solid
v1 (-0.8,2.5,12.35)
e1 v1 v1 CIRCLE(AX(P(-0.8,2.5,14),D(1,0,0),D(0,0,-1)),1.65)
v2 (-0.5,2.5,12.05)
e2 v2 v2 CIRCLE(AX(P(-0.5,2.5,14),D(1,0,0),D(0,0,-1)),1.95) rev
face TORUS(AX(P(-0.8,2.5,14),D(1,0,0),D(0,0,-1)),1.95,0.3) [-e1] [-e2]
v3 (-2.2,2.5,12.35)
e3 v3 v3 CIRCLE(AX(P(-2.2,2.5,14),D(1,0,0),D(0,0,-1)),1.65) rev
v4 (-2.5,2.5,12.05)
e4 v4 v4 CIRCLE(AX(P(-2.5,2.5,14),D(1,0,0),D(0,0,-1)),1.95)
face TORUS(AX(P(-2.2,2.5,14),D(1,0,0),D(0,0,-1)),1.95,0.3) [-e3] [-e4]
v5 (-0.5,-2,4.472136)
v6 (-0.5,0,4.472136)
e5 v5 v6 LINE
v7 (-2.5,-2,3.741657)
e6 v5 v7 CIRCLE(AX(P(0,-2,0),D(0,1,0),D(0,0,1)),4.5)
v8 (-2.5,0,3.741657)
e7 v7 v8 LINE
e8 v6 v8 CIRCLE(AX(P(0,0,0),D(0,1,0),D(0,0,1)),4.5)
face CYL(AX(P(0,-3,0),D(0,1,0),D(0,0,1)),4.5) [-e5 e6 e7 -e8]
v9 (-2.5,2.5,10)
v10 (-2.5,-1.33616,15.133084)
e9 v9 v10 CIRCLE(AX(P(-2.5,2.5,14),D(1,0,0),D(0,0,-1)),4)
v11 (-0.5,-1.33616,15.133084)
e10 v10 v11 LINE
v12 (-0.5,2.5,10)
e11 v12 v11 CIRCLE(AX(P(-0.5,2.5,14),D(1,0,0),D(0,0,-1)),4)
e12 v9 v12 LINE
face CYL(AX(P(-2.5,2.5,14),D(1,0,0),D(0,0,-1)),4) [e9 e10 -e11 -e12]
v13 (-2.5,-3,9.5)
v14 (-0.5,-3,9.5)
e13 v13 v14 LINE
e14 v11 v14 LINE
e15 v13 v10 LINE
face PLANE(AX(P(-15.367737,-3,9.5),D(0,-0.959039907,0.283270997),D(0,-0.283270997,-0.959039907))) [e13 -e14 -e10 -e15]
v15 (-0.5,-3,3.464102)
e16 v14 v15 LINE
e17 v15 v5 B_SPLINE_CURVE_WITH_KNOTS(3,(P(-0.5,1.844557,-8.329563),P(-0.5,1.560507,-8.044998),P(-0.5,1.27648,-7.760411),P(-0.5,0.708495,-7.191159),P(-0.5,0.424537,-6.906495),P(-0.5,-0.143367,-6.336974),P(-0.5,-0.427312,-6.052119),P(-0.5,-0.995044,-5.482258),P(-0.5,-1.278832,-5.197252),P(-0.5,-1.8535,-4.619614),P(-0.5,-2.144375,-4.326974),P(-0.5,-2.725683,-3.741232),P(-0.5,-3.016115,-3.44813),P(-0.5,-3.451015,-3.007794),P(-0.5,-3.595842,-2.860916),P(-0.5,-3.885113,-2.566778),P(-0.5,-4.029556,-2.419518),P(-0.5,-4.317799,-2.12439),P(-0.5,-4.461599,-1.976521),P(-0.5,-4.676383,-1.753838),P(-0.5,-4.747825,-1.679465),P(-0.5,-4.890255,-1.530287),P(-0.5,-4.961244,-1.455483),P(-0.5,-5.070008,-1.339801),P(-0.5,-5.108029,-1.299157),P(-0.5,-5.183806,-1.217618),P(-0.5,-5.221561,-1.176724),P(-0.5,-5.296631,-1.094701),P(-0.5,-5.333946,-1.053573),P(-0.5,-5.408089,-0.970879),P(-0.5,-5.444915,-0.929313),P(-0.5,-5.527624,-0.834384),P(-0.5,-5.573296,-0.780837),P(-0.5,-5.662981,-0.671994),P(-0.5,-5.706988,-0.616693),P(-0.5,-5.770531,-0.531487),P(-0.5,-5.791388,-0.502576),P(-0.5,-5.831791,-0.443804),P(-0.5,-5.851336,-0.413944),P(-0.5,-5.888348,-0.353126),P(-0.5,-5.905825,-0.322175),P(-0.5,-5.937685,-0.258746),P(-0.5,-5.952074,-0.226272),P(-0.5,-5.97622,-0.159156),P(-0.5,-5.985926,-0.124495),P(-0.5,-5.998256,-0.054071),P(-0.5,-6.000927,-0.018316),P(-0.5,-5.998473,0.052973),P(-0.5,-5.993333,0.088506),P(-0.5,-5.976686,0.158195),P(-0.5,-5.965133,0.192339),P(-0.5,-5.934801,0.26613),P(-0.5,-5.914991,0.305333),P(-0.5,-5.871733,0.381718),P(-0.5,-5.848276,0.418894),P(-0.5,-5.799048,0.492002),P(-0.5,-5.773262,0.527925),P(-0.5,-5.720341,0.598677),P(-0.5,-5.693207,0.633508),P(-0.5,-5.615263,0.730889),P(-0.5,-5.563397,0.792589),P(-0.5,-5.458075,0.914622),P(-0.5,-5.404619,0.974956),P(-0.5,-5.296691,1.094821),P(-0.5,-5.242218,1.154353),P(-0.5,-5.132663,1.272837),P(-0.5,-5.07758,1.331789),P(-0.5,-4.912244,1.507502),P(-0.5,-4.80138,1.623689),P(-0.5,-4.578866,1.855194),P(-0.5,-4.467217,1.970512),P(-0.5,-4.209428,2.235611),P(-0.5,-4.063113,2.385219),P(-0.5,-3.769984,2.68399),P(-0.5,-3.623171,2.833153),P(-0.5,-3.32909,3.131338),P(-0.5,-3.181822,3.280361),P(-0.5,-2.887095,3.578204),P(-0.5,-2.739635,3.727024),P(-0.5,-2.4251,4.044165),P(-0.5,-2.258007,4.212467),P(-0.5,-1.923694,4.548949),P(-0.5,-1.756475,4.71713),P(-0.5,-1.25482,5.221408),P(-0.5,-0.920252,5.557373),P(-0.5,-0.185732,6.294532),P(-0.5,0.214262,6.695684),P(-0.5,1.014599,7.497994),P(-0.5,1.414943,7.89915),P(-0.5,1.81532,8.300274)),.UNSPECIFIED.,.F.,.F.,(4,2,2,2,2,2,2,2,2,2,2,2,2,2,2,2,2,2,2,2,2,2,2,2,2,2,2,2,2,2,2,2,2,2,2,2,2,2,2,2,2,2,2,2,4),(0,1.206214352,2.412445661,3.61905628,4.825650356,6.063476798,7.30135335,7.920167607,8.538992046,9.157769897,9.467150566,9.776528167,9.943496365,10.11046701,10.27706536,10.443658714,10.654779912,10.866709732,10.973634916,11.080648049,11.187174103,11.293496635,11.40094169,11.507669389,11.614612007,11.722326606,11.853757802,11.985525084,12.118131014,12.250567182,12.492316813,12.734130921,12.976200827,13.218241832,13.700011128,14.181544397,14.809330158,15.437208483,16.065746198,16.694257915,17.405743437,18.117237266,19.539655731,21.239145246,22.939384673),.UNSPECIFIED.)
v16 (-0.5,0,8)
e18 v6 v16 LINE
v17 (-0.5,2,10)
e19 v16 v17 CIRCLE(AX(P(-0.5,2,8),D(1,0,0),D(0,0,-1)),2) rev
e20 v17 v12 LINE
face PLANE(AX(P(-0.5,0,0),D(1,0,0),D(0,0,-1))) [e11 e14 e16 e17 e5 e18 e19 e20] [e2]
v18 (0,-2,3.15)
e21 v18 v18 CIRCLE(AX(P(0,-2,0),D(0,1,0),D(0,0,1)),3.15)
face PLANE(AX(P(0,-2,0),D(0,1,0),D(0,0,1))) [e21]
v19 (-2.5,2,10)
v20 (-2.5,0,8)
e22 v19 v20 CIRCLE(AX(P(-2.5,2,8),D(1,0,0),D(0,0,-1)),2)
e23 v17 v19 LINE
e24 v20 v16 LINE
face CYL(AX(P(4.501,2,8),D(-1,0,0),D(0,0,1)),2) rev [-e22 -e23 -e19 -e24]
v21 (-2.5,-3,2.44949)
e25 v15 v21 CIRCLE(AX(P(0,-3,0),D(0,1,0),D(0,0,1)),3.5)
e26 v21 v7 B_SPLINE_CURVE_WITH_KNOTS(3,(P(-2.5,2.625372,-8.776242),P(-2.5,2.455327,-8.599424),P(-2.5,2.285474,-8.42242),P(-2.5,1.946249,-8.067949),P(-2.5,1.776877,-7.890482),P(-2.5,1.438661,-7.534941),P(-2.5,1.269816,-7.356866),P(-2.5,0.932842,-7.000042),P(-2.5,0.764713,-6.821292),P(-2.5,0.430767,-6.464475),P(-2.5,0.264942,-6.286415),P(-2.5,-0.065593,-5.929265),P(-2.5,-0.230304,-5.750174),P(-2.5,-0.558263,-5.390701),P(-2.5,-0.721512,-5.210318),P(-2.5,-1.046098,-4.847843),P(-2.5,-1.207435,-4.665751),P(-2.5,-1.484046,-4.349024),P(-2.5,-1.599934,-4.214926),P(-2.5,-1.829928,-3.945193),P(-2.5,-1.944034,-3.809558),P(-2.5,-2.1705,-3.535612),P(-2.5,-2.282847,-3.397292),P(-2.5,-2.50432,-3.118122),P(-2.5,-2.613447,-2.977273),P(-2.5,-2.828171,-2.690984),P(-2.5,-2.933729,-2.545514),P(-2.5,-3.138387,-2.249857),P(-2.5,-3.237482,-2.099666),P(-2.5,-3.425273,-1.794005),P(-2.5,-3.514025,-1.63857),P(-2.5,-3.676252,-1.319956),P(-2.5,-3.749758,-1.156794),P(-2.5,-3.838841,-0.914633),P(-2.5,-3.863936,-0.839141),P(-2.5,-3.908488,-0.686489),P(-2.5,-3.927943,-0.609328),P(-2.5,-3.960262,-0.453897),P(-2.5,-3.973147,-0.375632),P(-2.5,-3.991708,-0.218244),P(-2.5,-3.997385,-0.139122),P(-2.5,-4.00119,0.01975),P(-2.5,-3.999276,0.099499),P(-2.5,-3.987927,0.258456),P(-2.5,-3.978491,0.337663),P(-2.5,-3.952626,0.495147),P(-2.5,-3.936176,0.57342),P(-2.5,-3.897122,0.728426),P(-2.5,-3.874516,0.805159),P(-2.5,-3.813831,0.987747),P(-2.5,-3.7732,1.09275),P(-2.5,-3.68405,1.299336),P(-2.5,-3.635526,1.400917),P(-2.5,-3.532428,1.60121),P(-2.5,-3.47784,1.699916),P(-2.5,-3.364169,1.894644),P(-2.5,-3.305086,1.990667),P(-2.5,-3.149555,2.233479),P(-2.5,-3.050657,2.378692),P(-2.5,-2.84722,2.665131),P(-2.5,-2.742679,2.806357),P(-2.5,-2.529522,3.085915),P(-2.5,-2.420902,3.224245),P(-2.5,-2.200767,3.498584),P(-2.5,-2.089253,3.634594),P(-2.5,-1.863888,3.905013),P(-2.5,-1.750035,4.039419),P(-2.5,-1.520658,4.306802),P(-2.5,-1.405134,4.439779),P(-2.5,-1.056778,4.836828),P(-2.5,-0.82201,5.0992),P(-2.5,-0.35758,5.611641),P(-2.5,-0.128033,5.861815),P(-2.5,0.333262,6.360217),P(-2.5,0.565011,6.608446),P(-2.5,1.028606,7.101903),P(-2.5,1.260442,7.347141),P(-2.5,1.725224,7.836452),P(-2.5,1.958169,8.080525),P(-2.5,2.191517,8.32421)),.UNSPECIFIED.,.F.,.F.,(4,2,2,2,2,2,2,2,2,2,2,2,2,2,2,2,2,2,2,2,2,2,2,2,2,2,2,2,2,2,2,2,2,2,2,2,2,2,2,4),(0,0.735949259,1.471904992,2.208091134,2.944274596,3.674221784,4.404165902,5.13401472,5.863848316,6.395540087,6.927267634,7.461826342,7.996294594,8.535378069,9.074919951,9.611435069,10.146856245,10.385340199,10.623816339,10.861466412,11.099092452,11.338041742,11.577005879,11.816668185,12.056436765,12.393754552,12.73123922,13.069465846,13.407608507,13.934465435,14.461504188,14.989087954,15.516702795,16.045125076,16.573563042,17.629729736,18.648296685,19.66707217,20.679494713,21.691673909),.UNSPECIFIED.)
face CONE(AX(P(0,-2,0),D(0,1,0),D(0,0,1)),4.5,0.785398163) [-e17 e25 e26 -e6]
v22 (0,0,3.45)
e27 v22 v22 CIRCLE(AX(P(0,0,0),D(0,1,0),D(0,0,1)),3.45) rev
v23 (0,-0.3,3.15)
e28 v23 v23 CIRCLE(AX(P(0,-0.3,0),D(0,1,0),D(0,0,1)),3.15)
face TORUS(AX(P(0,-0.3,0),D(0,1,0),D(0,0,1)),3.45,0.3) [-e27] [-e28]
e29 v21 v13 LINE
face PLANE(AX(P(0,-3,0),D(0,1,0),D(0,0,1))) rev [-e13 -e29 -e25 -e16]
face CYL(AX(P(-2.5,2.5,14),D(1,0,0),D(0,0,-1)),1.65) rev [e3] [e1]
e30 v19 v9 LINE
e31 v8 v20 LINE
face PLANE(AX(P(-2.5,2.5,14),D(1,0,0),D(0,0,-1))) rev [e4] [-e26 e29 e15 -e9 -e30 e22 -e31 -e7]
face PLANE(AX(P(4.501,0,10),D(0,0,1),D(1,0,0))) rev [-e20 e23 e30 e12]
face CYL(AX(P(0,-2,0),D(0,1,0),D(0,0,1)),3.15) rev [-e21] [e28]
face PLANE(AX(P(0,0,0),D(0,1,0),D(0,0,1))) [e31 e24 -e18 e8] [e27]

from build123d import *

# Parameters (mm, degrees)
SKETCH_6_R          = 4.5
EXTRUDE_4_DEPTH     = 3
SKETCH_7_R          = 3.15
CUT_EXTRUDE_4_DEPTH = 2
SKETCH_8_R          = 4
EXTRUDE_5_DEPTH     = 2
EXTRUDE_7_DEPTH     = 2
EXTRUDE_8_REACH     = 10
SKETCH_11_R         = 1.65
CUT_EXTRUDE_6_DEPTH = 2
CUT_EXTRUDE_7_REACH = 9
FILLET_4_R          = 2
FILLET_1_R          = 0.3
FILLET_2_R          = 0.3
FILLET_3_R          = 0.3


with BuildPart() as part:
    # 草图6 → 凸台-拉伸4 (new body)
    with BuildSketch(Plane(origin=(0, 0, 0), x_dir=(1, 0, 0), z_dir=(0, 1, 0))):
        Circle(SKETCH_6_R)
    extrude(amount=-EXTRUDE_4_DEPTH)

    # 草图7 → 切除-拉伸4 (cut)
    with BuildSketch(Plane(origin=(0, 0, 0), x_dir=(1, 0, 0), z_dir=(0, 1, 0))):
        Circle(SKETCH_7_R)
    extrude(amount=-CUT_EXTRUDE_4_DEPTH, mode=Mode.SUBTRACT)

    # 草图15 → 切除-旋转2 (revolve, cut)
    with BuildSketch(Plane(origin=(0, 0, 0), x_dir=(0, 0, -1), z_dir=(1, 0, 0))):
        Polygon((4.5, -3), (4.5, -2), (3.5, -3), align=None)
    revolve(axis=Axis((0, 0, 0), (0, -1, 0)), mode=Mode.SUBTRACT)



with BuildPart() as body_2:
    # 草图8 → 凸台-拉伸5 (new body)
    with BuildSketch(Plane(origin=(-0.5, 0, 0), x_dir=(0, 0, -1), z_dir=(1, 0, 0))):
        with Locations((-14, 2.5)):
            Circle(SKETCH_8_R)
    extrude(amount=-EXTRUDE_5_DEPTH)


with BuildPart() as part_1:
    add(part.part)

    add(body_2.part)  # 凸台-拉伸7 merges body 2
    # 草图9 → 凸台-拉伸7 (add)
    with BuildSketch(Plane(origin=(-0.5, 0, 0), x_dir=(0, 0, -1), z_dir=(1, 0, 0))):
        Polygon((-9.5, -3), (-15.133083988, -1.336159626), (-10.74928321, 0.169154585), (-10, 2.5), (-6.344746865, 2.002637663), (-3.5, 0), (-3.5, -3), (-3.52896076, -3), align=None)
    extrude(amount=-EXTRUDE_7_DEPTH)

    # 草图16 → 凸台-拉伸8 (add, up to next)
    with BuildSketch(Plane(origin=(0, 0, 3.5), x_dir=(-1, 0, 0), z_dir=(0, 0, -1)), mode=Mode.PRIVATE) as extrude_8_sk1:
        Polygon((2.5, -3), (2.5, -2.198837366), (0.5, -2.955716811), (0.5, -3), align=None)
    extrude_8_tool1 = extrude(extrude_8_sk1.sketch, amount=EXTRUDE_8_REACH, mode=Mode.PRIVATE) - part_1.part
    add(extrude_8_tool1.solids().sort_by_distance((-1.798414, -2.732173, 3.5))[0])

    # 草图11 → 切除-拉伸6 (cut)
    with BuildSketch(Plane(origin=(-0.5, 0, 0), x_dir=(0, 0, -1), z_dir=(1, 0, 0))):
        with Locations((-14, 2.5)):
            Circle(SKETCH_11_R)
    extrude(amount=-CUT_EXTRUDE_6_DEPTH, mode=Mode.SUBTRACT)

    # 草图12 → 切除-拉伸7 (cut, up to next)
    with BuildSketch(Plane.ZY.offset(2.5), mode=Mode.PRIVATE) as cut_extrude_7_sk1:
        Polygon((3.5, 0), (3.741657387, 0), (10, 0), (10, 2.5), (6.344746865, 2.002637663), align=None)
    cut_extrude_7_tool1 = extrude(cut_extrude_7_sk1.sketch, amount=-CUT_EXTRUDE_7_REACH, mode=Mode.PRIVATE) & part_1.part
    add(cut_extrude_7_tool1.solids().sort_by_distance((-2.5, 1.011261, 7.508576))[0], mode=Mode.SUBTRACT)

    # 圆角4
    fillet_4_edges = [part_1.edges().sort_by_distance(p)[0] for p in [
        (-1.5, 0, 10),
    ]]
    fillet(fillet_4_edges, radius=FILLET_4_R)

    # 圆角1
    fillet_1_edges = [part_1.edges().sort_by_distance(p)[0] for p in [
        (-3.15, 0, 0),
    ]]
    fillet(fillet_1_edges, radius=FILLET_1_R)

    # 圆角2
    fillet_2_edges = [part_1.edges().sort_by_distance(p)[0] for p in [
        (-0.5, 2.5, 15.65),
    ]]
    fillet(fillet_2_edges, radius=FILLET_2_R)

    # 圆角3
    fillet_3_edges = [part_1.edges().sort_by_distance(p)[0] for p in [
        (-2.5, 2.5, 15.65),
    ]]
    fillet(fillet_3_edges, radius=FILLET_3_R)


solid = part_1.part
